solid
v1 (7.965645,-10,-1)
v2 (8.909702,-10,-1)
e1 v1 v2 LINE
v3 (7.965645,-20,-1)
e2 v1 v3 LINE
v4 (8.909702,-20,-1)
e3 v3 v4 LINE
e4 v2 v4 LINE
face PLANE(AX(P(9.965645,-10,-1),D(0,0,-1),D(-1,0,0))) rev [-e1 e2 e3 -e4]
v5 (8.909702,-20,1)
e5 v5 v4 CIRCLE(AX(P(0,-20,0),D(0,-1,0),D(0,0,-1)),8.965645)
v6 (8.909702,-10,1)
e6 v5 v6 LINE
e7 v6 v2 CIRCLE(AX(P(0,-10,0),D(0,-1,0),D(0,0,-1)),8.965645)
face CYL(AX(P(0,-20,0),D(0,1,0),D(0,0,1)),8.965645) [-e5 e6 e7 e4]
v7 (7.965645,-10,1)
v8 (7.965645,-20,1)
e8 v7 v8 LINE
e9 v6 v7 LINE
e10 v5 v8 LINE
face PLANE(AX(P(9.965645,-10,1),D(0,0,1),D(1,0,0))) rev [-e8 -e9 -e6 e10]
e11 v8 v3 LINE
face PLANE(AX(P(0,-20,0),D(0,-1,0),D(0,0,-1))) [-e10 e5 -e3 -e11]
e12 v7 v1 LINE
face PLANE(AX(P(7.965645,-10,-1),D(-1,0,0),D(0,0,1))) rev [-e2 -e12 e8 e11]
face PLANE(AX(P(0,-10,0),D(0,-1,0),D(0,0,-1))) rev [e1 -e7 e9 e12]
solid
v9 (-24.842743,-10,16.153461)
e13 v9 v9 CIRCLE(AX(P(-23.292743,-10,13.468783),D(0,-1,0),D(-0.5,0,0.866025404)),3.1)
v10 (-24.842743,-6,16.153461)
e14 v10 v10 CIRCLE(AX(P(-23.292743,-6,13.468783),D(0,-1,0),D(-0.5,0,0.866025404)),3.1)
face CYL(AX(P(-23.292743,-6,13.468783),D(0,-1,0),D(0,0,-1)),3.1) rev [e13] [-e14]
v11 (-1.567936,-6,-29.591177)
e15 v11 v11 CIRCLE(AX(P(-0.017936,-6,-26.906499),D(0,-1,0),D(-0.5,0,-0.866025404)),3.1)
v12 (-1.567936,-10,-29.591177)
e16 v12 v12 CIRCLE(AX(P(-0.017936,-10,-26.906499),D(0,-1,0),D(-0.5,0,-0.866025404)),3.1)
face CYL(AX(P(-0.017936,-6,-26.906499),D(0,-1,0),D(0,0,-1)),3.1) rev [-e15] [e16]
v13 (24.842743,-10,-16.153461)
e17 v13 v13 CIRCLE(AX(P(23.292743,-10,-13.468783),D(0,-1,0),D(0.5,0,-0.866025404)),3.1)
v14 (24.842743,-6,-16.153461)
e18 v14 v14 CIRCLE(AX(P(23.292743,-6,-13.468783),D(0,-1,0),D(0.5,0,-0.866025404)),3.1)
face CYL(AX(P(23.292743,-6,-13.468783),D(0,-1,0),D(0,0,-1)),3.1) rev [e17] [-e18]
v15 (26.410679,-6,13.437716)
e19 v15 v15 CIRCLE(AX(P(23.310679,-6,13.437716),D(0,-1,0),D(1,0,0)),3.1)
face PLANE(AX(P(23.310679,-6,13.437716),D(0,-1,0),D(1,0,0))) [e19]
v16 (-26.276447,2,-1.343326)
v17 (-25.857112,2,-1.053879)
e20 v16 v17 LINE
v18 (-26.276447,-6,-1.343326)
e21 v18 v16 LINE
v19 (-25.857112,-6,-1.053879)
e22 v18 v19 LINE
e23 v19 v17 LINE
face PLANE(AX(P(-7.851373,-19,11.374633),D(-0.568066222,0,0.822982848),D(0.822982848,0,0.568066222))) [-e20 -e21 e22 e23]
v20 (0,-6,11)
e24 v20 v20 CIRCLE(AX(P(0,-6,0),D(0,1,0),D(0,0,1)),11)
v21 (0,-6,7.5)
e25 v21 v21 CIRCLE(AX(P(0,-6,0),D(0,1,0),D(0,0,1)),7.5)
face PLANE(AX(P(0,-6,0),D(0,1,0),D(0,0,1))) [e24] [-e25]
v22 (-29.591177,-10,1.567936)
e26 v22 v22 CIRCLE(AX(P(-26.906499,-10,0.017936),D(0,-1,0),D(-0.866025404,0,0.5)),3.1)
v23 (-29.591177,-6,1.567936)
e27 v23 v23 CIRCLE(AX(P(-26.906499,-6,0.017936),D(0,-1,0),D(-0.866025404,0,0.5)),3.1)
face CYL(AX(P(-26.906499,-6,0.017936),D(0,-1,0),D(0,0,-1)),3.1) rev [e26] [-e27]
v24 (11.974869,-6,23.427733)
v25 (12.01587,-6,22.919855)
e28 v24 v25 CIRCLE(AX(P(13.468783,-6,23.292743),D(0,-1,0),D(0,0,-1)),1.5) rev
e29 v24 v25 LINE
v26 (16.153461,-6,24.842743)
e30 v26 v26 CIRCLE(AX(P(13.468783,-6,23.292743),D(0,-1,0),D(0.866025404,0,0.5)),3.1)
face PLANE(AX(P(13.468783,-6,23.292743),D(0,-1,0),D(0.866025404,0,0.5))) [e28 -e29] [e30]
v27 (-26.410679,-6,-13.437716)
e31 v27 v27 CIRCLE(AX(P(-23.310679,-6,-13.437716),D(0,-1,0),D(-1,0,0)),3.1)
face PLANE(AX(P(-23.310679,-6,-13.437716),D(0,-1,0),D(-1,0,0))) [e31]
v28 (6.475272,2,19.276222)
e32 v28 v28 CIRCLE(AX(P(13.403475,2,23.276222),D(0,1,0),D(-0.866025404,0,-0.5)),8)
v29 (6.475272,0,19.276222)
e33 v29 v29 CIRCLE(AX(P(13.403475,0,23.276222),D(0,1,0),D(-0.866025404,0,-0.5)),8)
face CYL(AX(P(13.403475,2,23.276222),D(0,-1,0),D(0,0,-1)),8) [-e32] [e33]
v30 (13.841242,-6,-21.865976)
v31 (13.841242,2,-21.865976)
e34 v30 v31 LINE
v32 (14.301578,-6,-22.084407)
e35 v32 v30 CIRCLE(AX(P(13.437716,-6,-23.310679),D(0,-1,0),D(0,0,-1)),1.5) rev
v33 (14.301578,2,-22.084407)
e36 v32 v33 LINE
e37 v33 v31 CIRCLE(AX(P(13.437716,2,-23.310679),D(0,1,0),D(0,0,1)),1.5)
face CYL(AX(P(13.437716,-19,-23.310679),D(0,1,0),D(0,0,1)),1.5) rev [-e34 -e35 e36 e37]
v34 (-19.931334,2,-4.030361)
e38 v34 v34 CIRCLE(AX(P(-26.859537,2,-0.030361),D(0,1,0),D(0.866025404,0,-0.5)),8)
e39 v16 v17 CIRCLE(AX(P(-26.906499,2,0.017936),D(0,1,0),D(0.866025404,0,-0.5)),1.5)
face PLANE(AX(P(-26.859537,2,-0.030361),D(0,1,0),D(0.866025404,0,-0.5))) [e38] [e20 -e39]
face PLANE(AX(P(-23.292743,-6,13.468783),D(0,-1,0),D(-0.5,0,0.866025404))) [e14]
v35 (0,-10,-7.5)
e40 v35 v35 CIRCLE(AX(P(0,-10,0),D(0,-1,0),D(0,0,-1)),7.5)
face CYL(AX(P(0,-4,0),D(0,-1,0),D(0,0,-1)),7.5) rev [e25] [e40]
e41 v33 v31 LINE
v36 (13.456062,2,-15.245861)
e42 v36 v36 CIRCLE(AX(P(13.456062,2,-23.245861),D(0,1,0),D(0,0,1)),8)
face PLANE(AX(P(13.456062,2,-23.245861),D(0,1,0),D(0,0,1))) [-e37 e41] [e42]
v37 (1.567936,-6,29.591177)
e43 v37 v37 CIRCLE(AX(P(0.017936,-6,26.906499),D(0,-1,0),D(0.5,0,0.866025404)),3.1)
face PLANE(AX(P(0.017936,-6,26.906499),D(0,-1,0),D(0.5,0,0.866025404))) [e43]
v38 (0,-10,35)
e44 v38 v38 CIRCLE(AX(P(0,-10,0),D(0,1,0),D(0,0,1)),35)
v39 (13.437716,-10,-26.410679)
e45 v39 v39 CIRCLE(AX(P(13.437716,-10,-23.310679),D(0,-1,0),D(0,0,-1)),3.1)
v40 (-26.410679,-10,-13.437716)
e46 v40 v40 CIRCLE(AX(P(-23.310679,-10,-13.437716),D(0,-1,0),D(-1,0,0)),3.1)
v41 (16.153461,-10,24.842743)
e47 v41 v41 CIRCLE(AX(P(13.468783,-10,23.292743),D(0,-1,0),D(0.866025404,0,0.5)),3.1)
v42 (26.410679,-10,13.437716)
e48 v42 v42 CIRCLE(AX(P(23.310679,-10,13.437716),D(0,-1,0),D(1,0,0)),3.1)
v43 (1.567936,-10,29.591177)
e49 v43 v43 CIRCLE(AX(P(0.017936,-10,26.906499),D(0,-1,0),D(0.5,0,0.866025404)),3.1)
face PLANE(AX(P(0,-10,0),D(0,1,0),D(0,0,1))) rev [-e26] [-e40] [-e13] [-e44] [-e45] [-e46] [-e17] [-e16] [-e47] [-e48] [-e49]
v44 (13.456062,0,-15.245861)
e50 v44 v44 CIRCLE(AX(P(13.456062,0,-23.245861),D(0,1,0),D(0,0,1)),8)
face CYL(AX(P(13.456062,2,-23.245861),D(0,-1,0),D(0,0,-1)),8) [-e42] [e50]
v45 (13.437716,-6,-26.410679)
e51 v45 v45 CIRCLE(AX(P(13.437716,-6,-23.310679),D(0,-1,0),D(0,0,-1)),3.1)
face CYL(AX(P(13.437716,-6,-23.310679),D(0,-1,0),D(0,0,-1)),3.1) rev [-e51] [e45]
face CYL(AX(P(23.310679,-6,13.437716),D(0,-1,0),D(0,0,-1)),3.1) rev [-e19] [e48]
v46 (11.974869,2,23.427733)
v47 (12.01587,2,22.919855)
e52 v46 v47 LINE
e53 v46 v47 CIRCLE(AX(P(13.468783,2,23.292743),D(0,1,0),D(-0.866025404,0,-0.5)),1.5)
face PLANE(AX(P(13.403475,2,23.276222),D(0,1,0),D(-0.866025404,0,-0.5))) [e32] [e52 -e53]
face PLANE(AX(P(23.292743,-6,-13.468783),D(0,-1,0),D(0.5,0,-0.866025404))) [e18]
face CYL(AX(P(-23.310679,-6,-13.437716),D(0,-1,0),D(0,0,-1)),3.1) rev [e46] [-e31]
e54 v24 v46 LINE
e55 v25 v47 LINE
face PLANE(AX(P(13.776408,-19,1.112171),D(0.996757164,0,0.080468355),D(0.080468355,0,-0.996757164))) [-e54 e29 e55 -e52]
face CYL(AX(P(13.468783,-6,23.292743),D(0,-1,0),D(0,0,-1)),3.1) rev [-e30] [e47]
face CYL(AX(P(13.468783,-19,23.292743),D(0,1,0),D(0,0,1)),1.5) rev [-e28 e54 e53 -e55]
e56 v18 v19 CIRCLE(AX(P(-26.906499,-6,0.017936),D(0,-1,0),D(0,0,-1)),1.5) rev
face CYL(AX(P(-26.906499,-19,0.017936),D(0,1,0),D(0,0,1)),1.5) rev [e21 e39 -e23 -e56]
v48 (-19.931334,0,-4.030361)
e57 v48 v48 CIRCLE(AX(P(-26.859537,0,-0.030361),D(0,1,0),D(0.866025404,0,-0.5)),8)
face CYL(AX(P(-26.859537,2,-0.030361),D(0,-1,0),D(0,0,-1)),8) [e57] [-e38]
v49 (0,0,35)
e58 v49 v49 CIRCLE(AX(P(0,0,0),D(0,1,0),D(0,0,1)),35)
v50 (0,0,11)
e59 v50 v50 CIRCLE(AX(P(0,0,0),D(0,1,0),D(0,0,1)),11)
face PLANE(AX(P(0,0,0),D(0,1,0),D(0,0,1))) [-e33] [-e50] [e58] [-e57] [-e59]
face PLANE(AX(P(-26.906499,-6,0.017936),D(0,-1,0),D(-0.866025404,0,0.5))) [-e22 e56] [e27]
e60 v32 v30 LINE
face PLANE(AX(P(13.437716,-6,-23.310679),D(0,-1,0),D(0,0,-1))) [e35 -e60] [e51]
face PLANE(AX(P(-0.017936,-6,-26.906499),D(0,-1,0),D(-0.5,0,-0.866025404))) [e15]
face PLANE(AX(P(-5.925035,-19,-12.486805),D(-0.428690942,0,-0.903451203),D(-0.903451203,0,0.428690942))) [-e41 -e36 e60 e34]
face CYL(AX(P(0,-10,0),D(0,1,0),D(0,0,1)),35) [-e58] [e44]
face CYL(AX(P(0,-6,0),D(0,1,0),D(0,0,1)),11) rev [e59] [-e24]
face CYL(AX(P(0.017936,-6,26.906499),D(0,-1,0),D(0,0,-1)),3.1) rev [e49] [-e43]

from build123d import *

# Parameters (mm, degrees)
SKETCH1_R                   = 35
BOSS_EXTRUDE1_DEPTH         = 10
SKETCH2_R                   = 11
CUT_EXTRUDE1_DEPTH          = 6
SKETCH3_R                   = 7.5
CUT_EXTRUDE2_DEPTH          = 6
SKETCH4_R                   = 8
BOSS_EXTRUDE2_DEPTH         = 2
CUT_EXTRUDE3_DEPTH          = 21
SKETCH6_R                   = 3.1
CUT_EXTRUDE4_DEPTH          = 4
CIRPATTERN1_COUNT           = 3
CIRPATTERN2_COUNT           = 3
CIRPATTERN3_COUNT           = 2
CIRPATTERN3_ANGLE           = 30
CIRPATTERN4_COUNT           = 2
CIRPATTERN4_ANGLE           = 30
CIRPATTERN5_COUNT           = 3
CIRPATTERN5_COPY_1_SKETCH_R = 3.1
CIRPATTERN5_COPY_1_DEPTH    = 4
CIRPATTERN5_COPY_2_SKETCH_R = 3.1
CIRPATTERN5_COPY_2_DEPTH    = 4
CIRPATTERN5_COPY_3_SKETCH_R = 3.1
CIRPATTERN5_COPY_3_DEPTH    = 4
CIRPATTERN5_COPY_4_SKETCH_R = 3.1
CIRPATTERN5_COPY_4_DEPTH    = 4
SKETCH7_R                   = 8.965645278
BOSS_EXTRUDE3_DEPTH         = 10
SKETCH8_W                   = 2
SKETCH8_H                   = 2
CUT_EXTRUDE5_DEPTH          = 10


with BuildPart() as part:
    # Sketch1 → Boss-Extrude1 (new body)
    with BuildSketch(Plane(origin=(0, 0, 0), x_dir=(1, 0, 0), z_dir=(0, 1, 0))):
        with Locations(Location((0, 0, 0), (0, 0, 270))):
            Circle(SKETCH1_R)
    extrude(amount=-BOSS_EXTRUDE1_DEPTH)

    # Sketch2 → Cut-Extrude1 (cut)
    with BuildSketch(Plane(origin=(0, 0, 0), x_dir=(1, 0, 0), z_dir=(0, 1, 0))):
        with Locations(Location((0, 0, 0), (0, 0, 270))):
            Circle(SKETCH2_R)
    extrude(amount=-CUT_EXTRUDE1_DEPTH, mode=Mode.SUBTRACT)

    # Sketch3 → Cut-Extrude2 (cut)
    with BuildSketch(Plane.XZ.offset(10)):
        with Locations(Location((0, 0, 0), (0, 0, 270))):
            Circle(SKETCH3_R)
    extrude(amount=-CUT_EXTRUDE2_DEPTH, mode=Mode.SUBTRACT)

    # Sketch4 → Boss-Extrude2 (add)
    with BuildSketch(Plane(origin=(0, 0, 0), x_dir=(1, 0, 0), z_dir=(0, 1, 0))):
        with Locations(Location((13.45606226, 23.245861182, 0), (0, 0, 270))):
            Circle(SKETCH4_R)
    boss_extrude2 = extrude(amount=BOSS_EXTRUDE2_DEPTH)

    # Sketch5 → Cut-Extrude3 (cut)
    with BuildSketch(Plane(origin=(0, 2, 0), x_dir=(1, 0, 0), z_dir=(0, 1, 0))):
        with BuildLine():
            Line((13.841241823, 21.865976381), (14.30157773, 22.084407474))
            ThreePointArc((14.30157773, 22.084407474), (14.769217525, 22.619952494), (14.937716007, 23.310679436))
            ThreePointArc((14.937716007, 23.310679436), (12.242875281, 24.2175177), (13.841241823, 21.865976381))
        make_face()
    cut_extrude3 = extrude(amount=-CUT_EXTRUDE3_DEPTH, mode=Mode.SUBTRACT)

    # Sketch6 → Cut-Extrude4 (cut)
    with BuildSketch(Plane.XZ.offset(10)):
        with Locations(Location((13.437716007, -23.310679436, 0), (0, 0, 270))):
            Circle(SKETCH6_R)
    cut_extrude4 = extrude(amount=-CUT_EXTRUDE4_DEPTH, mode=Mode.SUBTRACT)

    # CirPattern1: Boss-Extrude2 ×3 about axis
    cirpattern1_axis = Axis((0, 0, 0), (0, 1, 0))
    for i in range(1, CIRPATTERN1_COUNT):
        add(boss_extrude2.rotate(cirpattern1_axis, i * 360 / CIRPATTERN1_COUNT))

    # CirPattern2: Cut-Extrude3 ×3 about axis
    cirpattern2_axis = Axis((0, 0, 0), (0, 1, 0))
    for i in range(1, CIRPATTERN2_COUNT):
        add(cut_extrude3.rotate(cirpattern2_axis, i * 360 / CIRPATTERN2_COUNT), mode=Mode.SUBTRACT)

    # CirPattern3: Cut-Extrude4 ×2 about axis
    cirpattern3_axis = Axis((0, -4, 0), (0, 1, 0))
    for i in range(1, CIRPATTERN3_COUNT):
        add(cut_extrude4.rotate(cirpattern3_axis, i * CIRPATTERN3_ANGLE / (CIRPATTERN3_COUNT - 1)), mode=Mode.SUBTRACT)

    # CirPattern4: Cut-Extrude4 ×2 about axis
    cirpattern4_axis = Axis((0, -10, 0), (0, -1, 0))
    for i in range(1, CIRPATTERN4_COUNT):
        add(cut_extrude4.rotate(cirpattern4_axis, i * CIRPATTERN4_ANGLE / (CIRPATTERN4_COUNT - 1)), mode=Mode.SUBTRACT)

    # CirPattern5: Cut-Extrude4 ×3 about axis
    cirpattern5_axis = Axis((0, 0, 0), (0, 1, 0))
    for i in range(1, CIRPATTERN5_COUNT):
        add(cut_extrude4.rotate(cirpattern5_axis, i * 360 / CIRPATTERN5_COUNT), mode=Mode.SUBTRACT)

    # CirPattern5 copy 1 sketch → CirPattern5 copy 1 (cut)
    with BuildSketch(Plane(origin=(0, -10, 0), x_dir=(-0.8660254037844389, 0, -0.4999999999999994), z_dir=(0, -1, 0))):
        with Locations(Location((13.437716007, -23.310679436, 0), (0, 0, 270))):
            Circle(CIRPATTERN5_COPY_1_SKETCH_R)
    extrude(amount=-CIRPATTERN5_COPY_1_DEPTH, mode=Mode.SUBTRACT)

    # CirPattern5 copy 2 sketch → CirPattern5 copy 2 (cut)
    with BuildSketch(Plane(origin=(0, -10, 0), x_dir=(0, 0, 1), z_dir=(0, -1, 0))):
        with Locations(Location((13.437716007, -23.310679436, 0), (0, 0, 270))):
            Circle(CIRPATTERN5_COPY_2_SKETCH_R)
    extrude(amount=-CIRPATTERN5_COPY_2_DEPTH, mode=Mode.SUBTRACT)

    # CirPattern5 copy 3 sketch → CirPattern5 copy 3 (cut)
    with BuildSketch(Plane(origin=(0, -10, 0), x_dir=(0, 0, -1), z_dir=(0, -1, 0))):
        with Locations(Location((13.437716007, -23.310679436, 0), (0, 0, 270))):
            Circle(CIRPATTERN5_COPY_3_SKETCH_R)
    extrude(amount=-CIRPATTERN5_COPY_3_DEPTH, mode=Mode.SUBTRACT)

    # CirPattern5 copy 4 sketch → CirPattern5 copy 4 (cut)
    with BuildSketch(Plane(origin=(0, -10, 0), x_dir=(-0.8660254037844393, 0, 0.4999999999999987), z_dir=(0, -1, 0))):
        with Locations(Location((13.437716007, -23.310679436, 0), (0, 0, 270))):
            Circle(CIRPATTERN5_COPY_4_SKETCH_R)
    extrude(amount=-CIRPATTERN5_COPY_4_DEPTH, mode=Mode.SUBTRACT)


with BuildPart() as body_2:
    # Sketch7 → Boss-Extrude3 (new body)
    with BuildSketch(Plane.XZ.offset(10)):
        with Locations(Location((0, 0, 0), (0, 0, 270))):
            Circle(SKETCH7_R)
    extrude(amount=BOSS_EXTRUDE3_DEPTH)

    # Sketch8 → Cut-Extrude5 (cut)
    with BuildSketch(Plane.XZ.offset(20)):
        with Locations((8.965645278, 0)):
            Rectangle(SKETCH8_W, SKETCH8_H)
    extrude(amount=-CUT_EXTRUDE5_DEPTH, mode=Mode.SUBTRACT)


solid = Compound([part.part, body_2.part])
